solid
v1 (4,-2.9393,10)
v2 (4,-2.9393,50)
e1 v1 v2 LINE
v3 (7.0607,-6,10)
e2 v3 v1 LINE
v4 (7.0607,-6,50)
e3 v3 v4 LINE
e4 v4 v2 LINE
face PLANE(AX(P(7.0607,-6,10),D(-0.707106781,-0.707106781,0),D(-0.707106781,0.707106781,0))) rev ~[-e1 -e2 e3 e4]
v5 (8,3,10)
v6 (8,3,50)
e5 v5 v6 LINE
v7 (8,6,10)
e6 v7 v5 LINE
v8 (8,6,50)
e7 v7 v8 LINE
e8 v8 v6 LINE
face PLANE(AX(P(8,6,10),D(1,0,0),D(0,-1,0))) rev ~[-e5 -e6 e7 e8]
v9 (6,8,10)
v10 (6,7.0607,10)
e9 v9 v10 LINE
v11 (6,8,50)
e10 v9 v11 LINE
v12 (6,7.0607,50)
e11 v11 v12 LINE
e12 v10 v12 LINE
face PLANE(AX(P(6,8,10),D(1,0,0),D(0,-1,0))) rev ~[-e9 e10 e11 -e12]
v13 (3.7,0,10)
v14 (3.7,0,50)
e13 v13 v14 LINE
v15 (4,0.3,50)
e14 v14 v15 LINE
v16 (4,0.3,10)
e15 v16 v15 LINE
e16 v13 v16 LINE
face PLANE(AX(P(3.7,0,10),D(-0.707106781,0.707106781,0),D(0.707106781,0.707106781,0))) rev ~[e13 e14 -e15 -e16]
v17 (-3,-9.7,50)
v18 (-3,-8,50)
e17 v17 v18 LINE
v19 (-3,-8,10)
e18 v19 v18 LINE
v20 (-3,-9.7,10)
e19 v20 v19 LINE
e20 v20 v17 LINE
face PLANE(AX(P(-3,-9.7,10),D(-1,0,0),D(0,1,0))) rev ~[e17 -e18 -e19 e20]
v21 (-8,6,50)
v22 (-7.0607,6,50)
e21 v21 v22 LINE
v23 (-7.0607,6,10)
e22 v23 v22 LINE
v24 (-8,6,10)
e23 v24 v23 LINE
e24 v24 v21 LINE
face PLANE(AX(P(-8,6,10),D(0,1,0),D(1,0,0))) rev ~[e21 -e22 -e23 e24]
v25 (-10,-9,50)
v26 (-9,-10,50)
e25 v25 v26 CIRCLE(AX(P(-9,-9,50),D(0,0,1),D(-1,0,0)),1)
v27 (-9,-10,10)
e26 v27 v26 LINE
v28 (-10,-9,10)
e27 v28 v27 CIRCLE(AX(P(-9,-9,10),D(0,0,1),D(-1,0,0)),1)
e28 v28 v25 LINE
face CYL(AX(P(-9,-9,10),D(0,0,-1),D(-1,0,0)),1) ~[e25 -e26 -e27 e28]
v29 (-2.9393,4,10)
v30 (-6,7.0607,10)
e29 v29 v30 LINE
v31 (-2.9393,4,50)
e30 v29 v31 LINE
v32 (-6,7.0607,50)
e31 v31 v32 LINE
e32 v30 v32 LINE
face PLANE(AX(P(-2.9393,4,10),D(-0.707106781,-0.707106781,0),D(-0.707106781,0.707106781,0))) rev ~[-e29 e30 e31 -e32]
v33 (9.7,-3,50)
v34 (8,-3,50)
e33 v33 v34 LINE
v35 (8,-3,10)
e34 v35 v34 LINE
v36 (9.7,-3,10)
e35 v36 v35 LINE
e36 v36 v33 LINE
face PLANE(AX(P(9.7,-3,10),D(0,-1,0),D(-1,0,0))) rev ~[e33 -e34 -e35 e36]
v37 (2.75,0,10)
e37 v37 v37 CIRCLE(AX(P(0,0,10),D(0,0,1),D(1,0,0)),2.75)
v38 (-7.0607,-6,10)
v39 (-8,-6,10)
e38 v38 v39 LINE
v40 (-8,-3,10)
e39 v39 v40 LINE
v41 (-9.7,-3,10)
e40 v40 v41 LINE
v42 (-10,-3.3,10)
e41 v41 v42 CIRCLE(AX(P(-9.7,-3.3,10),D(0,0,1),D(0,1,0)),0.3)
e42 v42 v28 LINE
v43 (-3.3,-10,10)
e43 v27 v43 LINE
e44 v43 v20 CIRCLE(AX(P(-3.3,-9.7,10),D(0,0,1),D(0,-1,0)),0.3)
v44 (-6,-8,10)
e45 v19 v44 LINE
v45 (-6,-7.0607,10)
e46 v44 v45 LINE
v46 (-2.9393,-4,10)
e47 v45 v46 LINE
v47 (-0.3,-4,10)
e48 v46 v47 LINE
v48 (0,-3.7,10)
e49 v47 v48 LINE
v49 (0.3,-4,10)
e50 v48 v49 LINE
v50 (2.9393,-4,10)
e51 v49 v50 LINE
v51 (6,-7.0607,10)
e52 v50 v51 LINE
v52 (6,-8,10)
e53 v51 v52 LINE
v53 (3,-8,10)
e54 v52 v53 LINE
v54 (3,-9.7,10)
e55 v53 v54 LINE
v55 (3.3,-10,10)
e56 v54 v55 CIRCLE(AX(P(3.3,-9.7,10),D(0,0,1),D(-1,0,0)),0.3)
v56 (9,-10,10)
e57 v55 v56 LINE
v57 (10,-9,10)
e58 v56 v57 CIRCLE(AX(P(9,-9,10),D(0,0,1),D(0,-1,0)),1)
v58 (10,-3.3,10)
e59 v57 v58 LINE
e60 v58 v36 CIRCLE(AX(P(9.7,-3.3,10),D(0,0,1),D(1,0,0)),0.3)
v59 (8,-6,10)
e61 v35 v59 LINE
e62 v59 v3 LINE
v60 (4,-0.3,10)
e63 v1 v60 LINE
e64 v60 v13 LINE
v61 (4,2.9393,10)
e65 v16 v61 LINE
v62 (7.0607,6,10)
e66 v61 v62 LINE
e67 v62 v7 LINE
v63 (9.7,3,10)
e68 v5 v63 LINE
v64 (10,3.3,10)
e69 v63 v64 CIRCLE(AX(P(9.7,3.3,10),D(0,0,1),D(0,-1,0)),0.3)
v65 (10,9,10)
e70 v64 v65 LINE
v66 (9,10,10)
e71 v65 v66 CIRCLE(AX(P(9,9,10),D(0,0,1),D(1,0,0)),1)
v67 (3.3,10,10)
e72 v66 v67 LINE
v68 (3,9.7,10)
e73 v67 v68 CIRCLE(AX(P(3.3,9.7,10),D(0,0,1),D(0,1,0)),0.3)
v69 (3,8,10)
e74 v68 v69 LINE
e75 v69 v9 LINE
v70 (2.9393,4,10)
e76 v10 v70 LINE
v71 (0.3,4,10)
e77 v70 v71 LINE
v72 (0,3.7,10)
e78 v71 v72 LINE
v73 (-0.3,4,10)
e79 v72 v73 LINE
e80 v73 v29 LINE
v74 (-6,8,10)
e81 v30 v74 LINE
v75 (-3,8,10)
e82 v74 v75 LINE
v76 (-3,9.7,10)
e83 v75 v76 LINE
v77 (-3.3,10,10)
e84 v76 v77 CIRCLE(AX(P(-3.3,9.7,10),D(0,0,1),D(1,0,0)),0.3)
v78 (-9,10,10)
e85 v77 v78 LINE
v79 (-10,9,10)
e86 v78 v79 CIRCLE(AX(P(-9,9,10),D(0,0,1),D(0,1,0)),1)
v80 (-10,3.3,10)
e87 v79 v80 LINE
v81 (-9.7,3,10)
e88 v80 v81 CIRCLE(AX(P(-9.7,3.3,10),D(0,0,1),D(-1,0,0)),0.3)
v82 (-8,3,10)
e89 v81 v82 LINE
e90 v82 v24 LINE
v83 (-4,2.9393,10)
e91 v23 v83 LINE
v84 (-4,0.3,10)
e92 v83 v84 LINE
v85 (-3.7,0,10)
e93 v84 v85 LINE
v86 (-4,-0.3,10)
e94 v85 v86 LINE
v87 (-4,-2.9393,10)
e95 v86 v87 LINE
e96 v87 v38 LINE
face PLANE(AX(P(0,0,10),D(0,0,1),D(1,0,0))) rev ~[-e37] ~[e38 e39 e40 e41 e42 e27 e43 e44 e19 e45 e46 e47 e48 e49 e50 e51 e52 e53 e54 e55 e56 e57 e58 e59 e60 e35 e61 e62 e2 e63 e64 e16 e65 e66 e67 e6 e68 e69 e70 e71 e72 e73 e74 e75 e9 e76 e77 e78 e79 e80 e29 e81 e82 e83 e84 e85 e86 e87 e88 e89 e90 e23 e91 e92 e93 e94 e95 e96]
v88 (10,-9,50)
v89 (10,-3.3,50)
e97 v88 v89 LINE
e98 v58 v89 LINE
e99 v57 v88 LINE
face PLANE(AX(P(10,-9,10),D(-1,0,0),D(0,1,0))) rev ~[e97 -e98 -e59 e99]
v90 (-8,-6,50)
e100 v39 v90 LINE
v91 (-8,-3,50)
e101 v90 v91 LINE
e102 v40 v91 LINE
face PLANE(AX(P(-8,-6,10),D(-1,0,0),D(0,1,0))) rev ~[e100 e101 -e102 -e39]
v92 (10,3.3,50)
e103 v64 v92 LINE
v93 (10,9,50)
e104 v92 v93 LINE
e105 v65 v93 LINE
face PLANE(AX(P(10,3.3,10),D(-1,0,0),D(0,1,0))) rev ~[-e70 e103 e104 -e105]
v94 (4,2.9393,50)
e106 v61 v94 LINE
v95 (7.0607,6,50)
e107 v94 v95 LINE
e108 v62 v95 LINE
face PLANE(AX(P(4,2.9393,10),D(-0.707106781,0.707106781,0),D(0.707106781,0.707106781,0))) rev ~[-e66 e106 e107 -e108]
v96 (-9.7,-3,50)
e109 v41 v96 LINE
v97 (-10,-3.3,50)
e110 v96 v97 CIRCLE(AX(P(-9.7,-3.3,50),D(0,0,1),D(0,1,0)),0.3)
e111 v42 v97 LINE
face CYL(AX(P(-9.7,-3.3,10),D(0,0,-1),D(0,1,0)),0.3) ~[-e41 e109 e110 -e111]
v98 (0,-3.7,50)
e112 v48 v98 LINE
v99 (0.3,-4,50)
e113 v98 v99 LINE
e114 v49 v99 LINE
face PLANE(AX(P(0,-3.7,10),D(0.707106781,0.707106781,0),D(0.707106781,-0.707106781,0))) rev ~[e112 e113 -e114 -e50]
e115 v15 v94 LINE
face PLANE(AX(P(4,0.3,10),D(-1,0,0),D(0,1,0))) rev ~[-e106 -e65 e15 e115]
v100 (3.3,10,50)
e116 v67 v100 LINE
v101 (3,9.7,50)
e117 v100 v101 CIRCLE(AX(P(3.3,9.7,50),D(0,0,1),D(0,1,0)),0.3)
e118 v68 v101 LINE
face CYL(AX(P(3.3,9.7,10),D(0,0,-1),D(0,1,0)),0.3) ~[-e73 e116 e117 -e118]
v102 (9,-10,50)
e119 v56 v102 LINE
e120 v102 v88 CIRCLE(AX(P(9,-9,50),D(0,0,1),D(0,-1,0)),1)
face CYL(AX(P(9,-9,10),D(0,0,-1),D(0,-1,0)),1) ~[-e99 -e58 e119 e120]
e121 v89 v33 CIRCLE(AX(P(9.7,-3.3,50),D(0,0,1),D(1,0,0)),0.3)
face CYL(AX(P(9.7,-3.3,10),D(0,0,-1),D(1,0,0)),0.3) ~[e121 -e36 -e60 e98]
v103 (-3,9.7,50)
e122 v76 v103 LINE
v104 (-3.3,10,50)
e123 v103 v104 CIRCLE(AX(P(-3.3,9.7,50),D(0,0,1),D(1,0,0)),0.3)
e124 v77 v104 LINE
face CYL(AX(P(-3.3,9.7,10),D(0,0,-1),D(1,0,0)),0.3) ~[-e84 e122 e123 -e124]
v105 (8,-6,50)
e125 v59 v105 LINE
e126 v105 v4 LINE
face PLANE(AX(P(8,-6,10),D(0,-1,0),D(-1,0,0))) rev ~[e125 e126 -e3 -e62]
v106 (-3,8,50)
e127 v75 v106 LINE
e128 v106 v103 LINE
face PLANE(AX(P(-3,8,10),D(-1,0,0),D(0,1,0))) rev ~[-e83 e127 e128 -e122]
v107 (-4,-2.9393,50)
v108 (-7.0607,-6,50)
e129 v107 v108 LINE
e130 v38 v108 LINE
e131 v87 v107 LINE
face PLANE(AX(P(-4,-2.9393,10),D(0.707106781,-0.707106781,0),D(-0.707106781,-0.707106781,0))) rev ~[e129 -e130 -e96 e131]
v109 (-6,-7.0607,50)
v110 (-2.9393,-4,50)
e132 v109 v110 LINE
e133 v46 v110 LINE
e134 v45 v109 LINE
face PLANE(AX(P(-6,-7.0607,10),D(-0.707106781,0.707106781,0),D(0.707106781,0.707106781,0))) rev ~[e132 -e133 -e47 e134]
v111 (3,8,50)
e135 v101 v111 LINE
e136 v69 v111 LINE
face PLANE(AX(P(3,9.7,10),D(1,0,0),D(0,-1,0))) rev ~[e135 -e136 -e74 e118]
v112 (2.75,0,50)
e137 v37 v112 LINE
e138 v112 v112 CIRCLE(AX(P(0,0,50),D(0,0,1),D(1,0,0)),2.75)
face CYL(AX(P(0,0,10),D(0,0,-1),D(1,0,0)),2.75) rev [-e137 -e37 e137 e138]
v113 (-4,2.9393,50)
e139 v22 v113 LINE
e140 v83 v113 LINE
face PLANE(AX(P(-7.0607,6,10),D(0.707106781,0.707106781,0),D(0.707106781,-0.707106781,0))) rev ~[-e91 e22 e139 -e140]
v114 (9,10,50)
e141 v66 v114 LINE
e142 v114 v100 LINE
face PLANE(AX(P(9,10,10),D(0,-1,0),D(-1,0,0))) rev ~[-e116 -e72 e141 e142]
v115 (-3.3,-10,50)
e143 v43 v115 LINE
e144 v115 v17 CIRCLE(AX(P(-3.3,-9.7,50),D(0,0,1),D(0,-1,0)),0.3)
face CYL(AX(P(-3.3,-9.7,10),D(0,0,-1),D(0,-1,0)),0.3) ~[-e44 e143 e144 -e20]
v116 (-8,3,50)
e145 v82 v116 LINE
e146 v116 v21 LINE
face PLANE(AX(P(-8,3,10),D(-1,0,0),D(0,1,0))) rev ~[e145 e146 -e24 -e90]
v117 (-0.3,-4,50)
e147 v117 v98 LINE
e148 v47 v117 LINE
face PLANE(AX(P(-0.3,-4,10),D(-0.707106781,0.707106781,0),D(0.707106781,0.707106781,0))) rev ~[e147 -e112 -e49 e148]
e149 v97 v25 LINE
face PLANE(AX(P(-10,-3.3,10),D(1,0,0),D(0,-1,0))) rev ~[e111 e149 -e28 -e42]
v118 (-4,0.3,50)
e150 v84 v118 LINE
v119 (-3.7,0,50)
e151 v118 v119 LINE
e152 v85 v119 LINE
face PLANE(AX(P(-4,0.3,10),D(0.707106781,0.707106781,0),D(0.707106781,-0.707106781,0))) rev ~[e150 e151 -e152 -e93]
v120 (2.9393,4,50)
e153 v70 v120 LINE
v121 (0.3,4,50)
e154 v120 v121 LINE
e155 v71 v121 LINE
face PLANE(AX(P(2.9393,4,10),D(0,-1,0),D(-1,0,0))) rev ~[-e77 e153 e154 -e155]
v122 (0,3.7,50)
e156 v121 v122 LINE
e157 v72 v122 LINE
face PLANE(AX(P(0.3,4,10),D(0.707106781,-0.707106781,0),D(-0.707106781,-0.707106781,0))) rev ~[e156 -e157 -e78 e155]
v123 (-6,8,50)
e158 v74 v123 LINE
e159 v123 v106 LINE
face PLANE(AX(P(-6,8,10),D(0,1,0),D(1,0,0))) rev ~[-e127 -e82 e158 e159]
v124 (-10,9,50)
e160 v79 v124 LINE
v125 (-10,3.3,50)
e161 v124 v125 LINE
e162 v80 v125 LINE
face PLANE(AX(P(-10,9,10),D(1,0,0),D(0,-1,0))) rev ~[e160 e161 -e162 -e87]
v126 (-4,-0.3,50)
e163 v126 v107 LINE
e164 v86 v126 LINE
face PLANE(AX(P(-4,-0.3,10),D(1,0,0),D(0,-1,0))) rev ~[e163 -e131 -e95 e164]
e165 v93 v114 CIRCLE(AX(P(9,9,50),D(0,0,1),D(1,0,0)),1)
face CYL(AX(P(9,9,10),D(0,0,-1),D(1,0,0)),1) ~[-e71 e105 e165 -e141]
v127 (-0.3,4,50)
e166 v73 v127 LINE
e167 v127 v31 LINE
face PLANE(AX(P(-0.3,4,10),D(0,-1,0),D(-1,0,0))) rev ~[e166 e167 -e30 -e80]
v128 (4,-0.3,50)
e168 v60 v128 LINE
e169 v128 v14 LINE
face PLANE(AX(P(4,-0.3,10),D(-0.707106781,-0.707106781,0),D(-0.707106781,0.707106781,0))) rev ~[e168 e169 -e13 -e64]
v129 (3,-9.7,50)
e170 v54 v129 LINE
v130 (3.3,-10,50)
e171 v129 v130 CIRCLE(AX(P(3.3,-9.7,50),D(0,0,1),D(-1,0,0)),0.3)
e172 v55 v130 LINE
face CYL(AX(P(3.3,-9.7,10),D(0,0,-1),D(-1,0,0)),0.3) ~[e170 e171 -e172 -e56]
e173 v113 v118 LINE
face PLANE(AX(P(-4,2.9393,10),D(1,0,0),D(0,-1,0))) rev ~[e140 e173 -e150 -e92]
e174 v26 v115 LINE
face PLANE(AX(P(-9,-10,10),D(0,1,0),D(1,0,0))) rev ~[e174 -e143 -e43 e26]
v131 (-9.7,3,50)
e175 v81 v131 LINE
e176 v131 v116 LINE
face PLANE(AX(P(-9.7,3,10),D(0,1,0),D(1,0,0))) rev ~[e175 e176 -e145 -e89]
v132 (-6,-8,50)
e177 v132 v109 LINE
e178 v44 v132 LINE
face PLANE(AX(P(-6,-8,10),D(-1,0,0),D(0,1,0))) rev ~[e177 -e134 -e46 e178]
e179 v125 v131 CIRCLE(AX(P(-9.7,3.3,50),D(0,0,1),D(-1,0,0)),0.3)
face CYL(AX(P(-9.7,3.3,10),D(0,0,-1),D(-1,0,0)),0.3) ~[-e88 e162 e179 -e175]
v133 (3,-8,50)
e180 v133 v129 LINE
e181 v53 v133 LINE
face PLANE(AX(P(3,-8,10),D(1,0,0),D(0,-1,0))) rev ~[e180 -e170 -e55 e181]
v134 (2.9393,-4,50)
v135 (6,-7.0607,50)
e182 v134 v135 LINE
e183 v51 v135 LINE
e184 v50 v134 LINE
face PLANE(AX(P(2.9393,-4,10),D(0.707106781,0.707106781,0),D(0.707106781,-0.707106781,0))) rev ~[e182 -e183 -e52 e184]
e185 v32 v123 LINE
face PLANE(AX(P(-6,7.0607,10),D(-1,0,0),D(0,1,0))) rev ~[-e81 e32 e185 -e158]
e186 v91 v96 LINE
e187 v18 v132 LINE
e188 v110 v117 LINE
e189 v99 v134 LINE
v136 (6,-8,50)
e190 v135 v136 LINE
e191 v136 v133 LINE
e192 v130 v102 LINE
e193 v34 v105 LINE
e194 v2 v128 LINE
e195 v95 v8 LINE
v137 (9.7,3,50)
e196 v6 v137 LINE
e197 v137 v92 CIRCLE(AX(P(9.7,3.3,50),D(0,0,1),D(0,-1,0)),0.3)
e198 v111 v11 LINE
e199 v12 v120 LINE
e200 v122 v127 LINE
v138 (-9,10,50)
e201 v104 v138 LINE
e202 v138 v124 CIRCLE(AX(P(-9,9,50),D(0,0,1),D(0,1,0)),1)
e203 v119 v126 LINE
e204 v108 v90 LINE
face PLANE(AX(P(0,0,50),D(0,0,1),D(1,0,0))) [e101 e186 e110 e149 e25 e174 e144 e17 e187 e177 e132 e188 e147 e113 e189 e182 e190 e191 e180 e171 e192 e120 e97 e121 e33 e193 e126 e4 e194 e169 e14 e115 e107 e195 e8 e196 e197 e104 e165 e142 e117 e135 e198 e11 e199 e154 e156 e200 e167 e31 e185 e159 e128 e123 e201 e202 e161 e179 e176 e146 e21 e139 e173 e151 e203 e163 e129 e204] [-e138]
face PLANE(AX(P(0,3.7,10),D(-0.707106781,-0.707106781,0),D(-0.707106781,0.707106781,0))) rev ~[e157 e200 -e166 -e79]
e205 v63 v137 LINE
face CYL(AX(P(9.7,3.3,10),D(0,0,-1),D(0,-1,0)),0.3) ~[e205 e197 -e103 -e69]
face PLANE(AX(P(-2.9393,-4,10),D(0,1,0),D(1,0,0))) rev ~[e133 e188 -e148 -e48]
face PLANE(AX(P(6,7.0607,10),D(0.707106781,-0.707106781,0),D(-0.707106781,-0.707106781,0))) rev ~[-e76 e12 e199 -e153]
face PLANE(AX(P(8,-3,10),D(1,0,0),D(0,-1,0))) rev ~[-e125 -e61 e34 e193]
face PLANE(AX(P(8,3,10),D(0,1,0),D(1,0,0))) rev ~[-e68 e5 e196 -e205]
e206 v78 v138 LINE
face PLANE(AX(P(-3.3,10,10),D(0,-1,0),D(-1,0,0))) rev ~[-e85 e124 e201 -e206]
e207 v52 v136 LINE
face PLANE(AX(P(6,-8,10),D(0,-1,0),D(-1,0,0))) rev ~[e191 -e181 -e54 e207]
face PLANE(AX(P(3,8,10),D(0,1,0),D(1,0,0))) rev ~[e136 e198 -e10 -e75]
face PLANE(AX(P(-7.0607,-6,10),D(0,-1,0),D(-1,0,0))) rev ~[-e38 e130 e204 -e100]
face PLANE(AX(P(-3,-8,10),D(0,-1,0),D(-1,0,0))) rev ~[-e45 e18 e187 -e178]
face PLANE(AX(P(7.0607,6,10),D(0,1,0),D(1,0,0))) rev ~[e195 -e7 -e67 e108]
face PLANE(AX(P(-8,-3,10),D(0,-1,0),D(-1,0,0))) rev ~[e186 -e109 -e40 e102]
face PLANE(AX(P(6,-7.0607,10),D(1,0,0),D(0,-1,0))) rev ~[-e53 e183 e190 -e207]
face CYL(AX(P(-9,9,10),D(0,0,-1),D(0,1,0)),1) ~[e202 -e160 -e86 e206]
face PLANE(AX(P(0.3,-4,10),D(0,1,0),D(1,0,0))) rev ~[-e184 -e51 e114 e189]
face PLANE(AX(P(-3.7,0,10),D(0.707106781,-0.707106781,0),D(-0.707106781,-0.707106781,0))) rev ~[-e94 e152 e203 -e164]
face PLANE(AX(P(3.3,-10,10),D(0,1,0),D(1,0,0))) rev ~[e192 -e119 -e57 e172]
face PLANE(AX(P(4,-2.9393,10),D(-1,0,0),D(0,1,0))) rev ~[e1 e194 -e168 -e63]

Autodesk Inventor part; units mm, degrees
ref_plane "Startebene" through (0, 0, 0) normal (0, 0, 1) x (1, 0, 0)
ref_plane "Endebene" through (0, 0, 320) normal (0, 0, 1) x (1, 0, 0)
ref_plane "Startebene1" through (0, 0, 0) normal (0, 0, 1) x (1, 0, 0)
ref_plane "Endebene1" through (0, 0, 50) normal (0, 0, 1) x (1, 0, 0)
ref_plane "Startebene2" through (0, 0, 10) normal (0, 0, 1) x (1, 0, 0)
ref_plane "Endebene2" through (0, 0, 50) normal (0, 0, 1) x (1, 0, 0)
sketch "Skizze" plane through (0, 0, 0) normal (0, 0, 1) x (1, 0, 0)
  line L0 (-10, 9) -> (-10, 3.3)
  arc A0 (-10, 3.3) -> (-9.7, 3) centre (-9.7, 3.3) ccw
  line L1 (-9.7, 3) -> (-8, 3)
  line L2 (-8, 3) -> (-8, 6)
  line L3 (-8, 6) -> (-7.0607, 6)
  line L4 (-7.0607, 6) -> (-4, 2.9393)
  line L5 (-4, 2.9393) -> (-4, 0.3)
  line L6 (-4, 0.3) -> (-3.7, 0)
  line L7 (-3.7, 0) -> (-4, -0.3)
  line L8 (-4, -0.3) -> (-4, -2.9393)
  line L9 (-4, -2.9393) -> (-7.0607, -6)
  line L10 (-7.0607, -6) -> (-8, -6)
  line L11 (-8, -6) -> (-8, -3)
  line L12 (-8, -3) -> (-9.7, -3)
  arc A1 (-9.7, -3) -> (-10, -3.3) centre (-9.7, -3.3) ccw
  line L13 (-10, -3.3) -> (-10, -9)
  arc A2 (-10, -9) -> (-9, -10) centre (-9, -9) ccw
  line L14 (-9, -10) -> (-3.3, -10)
  arc A3 (-3.3, -10) -> (-3, -9.7) centre (-3.3, -9.7) ccw
  line L15 (-3, -9.7) -> (-3, -8)
  line L16 (-3, -8) -> (-6, -8)
  line L17 (-6, -8) -> (-6, -7.0607)
  line L18 (-6, -7.0607) -> (-2.9393, -4)
  line L19 (-2.9393, -4) -> (-0.3, -4)
  line L20 (-0.3, -4) -> (0, -3.7)
  line L21 (0, -3.7) -> (0.3, -4)
  line L22 (0.3, -4) -> (2.9393, -4)
  line L23 (2.9393, -4) -> (6, -7.0607)
  line L24 (6, -7.0607) -> (6, -8)
  line L25 (6, -8) -> (3, -8)
  line L26 (3, -8) -> (3, -9.7)
  arc A4 (3, -9.7) -> (3.3, -10) centre (3.3, -9.7) ccw
  line L27 (3.3, -10) -> (9, -10)
  arc A5 (9, -10) -> (10, -9) centre (9, -9) ccw
  line L28 (10, -9) -> (10, -3.3)
  arc A6 (10, -3.3) -> (9.7, -3) centre (9.7, -3.3) ccw
  line L29 (9.7, -3) -> (8, -3)
  line L30 (8, -3) -> (8, -6)
  line L31 (8, -6) -> (7.0607, -6)
  line L32 (7.0607, -6) -> (4, -2.9393)
  line L33 (4, -2.9393) -> (4, -0.3)
  line L34 (4, -0.3) -> (3.7, 0)
  line L35 (3.7, 0) -> (4, 0.3)
  line L36 (4, 0.3) -> (4, 2.9393)
  line L37 (4, 2.9393) -> (7.0607, 6)
  line L38 (7.0607, 6) -> (8, 6)
  line L39 (8, 6) -> (8, 3)
  line L40 (8, 3) -> (9.7, 3)
  arc A7 (9.7, 3) -> (10, 3.3) centre (9.7, 3.3) ccw
  line L41 (10, 3.3) -> (10, 9)
  arc A8 (10, 9) -> (9, 10) centre (9, 9) ccw
  line L42 (9, 10) -> (3.3, 10)
  arc A9 (3.3, 10) -> (3, 9.7) centre (3.3, 9.7) ccw
  line L43 (3, 9.7) -> (3, 8)
  line L44 (3, 8) -> (6, 8)
  line L45 (6, 8) -> (6, 7.0607)
  line L46 (6, 7.0607) -> (2.9393, 4)
  line L47 (2.9393, 4) -> (0.3, 4)
  line L48 (0.3, 4) -> (0, 3.7)
  line L49 (0, 3.7) -> (-0.3, 4)
  line L50 (-0.3, 4) -> (-2.9393, 4)
  line L51 (-2.9393, 4) -> (-6, 7.0607)
  line L52 (-6, 7.0607) -> (-6, 8)
  line L53 (-6, 8) -> (-3, 8)
  line L54 (-3, 8) -> (-3, 9.7)
  arc A10 (-3, 9.7) -> (-3.3, 10) centre (-3.3, 9.7) ccw
  line L55 (-3.3, 10) -> (-9, 10)
  arc A11 (-9, 10) -> (-10, 9) centre (-9, 9) ccw
  circle A12 centre (0, 0) radius 2.75
  dimension "d2" = 5.5
  dimension "d3" = 10
  dimension "d4" = 10
  dimension "d5" = 5.7
  dimension "d6" = 5.7
  dimension "d7" = 1.7
  dimension "d8" = 3
  dimension "d9" = 0.3
  dimension "d10" = 90
  dimension "d11" = 45
  dimension "d12" = 45
  dimension "d13" = 45
  dimension "d14" = 90
  dimension "d15" = 90
  dimension "d16" = 45
  dimension "d17" = 45
  dimension "d18" = 45
  dimension "d19" = 45
  dimension "d20" = 90
  dimension "d21" = 90
  dimension "d22" = 45
  dimension "d23" = 45
  dimension "d24" = 90
  dimension "d25" = 90
  dimension "d26" = 90
  dimension "d27" = 90
  dimension "d28" = 90
  dimension "d29" = 90
  dimension "d30" = 90
  dimension "d31" = 90
  dimension "d32" = 90
  dimension "d33" = 90
  dimension "d34" = 90
  dimension "d35" = 90
  dimension "d36" = 90
  dimension "d37" = 90
  dimension "d38" = 90
  dimension "d39" = 4
  dimension "d40" = 6
  dimension "d41" = 13
  dimension "d42" = 14
  dimension "d43" = 16
  dimension "d44" = 18
  dimension "d45" = 3
  dimension "d46" = 9
  dimension "d47" = 7
  dimension "d48" = 1
  dimension "d49" = 7
  dimension "d50" = 1.5
  dimension "d51" = 1.8663
  dimension "d52" = 3.3663
  dimension "d53" = 1.5
  dimension "d54" = 1.8663
  dimension "d55" = 3.3663
  dimension "d56" = 4
  dimension "d57" = 10.8187
  dimension "d58" = 1.9092
  dimension "d59" = 5
  dimension "d60" = 13
  dimension "d61" = 13
  dimension "d62" = 16.0513
  dimension "d63" = 3.3234
  dimension "d64" = 14
  dimension "d65" = 12.685
extrude "Körper" add sketch "Skizze" along normal up to surface (40 mm away) from surface at 10
sketch "Skizze13" plane through (0, 0, 0) normal (0, 0, 1) x (1, 0, 0)
  line L0 (0, 0) -> (10, 0)
ref_plane "Arbeitsebene12" through (0, 0, 0) normal (0, -1, 0) x (1, 0, 0)
sketch "Skizze14" plane through (0, 0, 0) normal (0, -1, 0) x (1, 0, 0)
  line L0 (-2, 10) -> (12, 10)
  line L1 (-2, 50) -> (12, 50)
  dimension "d80" = 40
ref_plane "Arbeitsebene13" through (9, 60, 10) normal (0, 0, -1) x (-1, 0, 0)
split "Trennen1" plane through (9, 60, 10) removes the side toward (0, 0, -1)
equation "\"G_OFFSET_START\" = 0"
equation "\"G_OFFSET_END\" = 0"
equation "\"G_L\" = d80"
equation "\"G_OFFSET_START1\" = 0"
equation "\"G_OFFSET_END1\" = 0"
equation "\"G_OFFSET_END2\" = 0"
properties part number "Alu Profil 20x20 - AP2020" material "Aluminium 6061"
